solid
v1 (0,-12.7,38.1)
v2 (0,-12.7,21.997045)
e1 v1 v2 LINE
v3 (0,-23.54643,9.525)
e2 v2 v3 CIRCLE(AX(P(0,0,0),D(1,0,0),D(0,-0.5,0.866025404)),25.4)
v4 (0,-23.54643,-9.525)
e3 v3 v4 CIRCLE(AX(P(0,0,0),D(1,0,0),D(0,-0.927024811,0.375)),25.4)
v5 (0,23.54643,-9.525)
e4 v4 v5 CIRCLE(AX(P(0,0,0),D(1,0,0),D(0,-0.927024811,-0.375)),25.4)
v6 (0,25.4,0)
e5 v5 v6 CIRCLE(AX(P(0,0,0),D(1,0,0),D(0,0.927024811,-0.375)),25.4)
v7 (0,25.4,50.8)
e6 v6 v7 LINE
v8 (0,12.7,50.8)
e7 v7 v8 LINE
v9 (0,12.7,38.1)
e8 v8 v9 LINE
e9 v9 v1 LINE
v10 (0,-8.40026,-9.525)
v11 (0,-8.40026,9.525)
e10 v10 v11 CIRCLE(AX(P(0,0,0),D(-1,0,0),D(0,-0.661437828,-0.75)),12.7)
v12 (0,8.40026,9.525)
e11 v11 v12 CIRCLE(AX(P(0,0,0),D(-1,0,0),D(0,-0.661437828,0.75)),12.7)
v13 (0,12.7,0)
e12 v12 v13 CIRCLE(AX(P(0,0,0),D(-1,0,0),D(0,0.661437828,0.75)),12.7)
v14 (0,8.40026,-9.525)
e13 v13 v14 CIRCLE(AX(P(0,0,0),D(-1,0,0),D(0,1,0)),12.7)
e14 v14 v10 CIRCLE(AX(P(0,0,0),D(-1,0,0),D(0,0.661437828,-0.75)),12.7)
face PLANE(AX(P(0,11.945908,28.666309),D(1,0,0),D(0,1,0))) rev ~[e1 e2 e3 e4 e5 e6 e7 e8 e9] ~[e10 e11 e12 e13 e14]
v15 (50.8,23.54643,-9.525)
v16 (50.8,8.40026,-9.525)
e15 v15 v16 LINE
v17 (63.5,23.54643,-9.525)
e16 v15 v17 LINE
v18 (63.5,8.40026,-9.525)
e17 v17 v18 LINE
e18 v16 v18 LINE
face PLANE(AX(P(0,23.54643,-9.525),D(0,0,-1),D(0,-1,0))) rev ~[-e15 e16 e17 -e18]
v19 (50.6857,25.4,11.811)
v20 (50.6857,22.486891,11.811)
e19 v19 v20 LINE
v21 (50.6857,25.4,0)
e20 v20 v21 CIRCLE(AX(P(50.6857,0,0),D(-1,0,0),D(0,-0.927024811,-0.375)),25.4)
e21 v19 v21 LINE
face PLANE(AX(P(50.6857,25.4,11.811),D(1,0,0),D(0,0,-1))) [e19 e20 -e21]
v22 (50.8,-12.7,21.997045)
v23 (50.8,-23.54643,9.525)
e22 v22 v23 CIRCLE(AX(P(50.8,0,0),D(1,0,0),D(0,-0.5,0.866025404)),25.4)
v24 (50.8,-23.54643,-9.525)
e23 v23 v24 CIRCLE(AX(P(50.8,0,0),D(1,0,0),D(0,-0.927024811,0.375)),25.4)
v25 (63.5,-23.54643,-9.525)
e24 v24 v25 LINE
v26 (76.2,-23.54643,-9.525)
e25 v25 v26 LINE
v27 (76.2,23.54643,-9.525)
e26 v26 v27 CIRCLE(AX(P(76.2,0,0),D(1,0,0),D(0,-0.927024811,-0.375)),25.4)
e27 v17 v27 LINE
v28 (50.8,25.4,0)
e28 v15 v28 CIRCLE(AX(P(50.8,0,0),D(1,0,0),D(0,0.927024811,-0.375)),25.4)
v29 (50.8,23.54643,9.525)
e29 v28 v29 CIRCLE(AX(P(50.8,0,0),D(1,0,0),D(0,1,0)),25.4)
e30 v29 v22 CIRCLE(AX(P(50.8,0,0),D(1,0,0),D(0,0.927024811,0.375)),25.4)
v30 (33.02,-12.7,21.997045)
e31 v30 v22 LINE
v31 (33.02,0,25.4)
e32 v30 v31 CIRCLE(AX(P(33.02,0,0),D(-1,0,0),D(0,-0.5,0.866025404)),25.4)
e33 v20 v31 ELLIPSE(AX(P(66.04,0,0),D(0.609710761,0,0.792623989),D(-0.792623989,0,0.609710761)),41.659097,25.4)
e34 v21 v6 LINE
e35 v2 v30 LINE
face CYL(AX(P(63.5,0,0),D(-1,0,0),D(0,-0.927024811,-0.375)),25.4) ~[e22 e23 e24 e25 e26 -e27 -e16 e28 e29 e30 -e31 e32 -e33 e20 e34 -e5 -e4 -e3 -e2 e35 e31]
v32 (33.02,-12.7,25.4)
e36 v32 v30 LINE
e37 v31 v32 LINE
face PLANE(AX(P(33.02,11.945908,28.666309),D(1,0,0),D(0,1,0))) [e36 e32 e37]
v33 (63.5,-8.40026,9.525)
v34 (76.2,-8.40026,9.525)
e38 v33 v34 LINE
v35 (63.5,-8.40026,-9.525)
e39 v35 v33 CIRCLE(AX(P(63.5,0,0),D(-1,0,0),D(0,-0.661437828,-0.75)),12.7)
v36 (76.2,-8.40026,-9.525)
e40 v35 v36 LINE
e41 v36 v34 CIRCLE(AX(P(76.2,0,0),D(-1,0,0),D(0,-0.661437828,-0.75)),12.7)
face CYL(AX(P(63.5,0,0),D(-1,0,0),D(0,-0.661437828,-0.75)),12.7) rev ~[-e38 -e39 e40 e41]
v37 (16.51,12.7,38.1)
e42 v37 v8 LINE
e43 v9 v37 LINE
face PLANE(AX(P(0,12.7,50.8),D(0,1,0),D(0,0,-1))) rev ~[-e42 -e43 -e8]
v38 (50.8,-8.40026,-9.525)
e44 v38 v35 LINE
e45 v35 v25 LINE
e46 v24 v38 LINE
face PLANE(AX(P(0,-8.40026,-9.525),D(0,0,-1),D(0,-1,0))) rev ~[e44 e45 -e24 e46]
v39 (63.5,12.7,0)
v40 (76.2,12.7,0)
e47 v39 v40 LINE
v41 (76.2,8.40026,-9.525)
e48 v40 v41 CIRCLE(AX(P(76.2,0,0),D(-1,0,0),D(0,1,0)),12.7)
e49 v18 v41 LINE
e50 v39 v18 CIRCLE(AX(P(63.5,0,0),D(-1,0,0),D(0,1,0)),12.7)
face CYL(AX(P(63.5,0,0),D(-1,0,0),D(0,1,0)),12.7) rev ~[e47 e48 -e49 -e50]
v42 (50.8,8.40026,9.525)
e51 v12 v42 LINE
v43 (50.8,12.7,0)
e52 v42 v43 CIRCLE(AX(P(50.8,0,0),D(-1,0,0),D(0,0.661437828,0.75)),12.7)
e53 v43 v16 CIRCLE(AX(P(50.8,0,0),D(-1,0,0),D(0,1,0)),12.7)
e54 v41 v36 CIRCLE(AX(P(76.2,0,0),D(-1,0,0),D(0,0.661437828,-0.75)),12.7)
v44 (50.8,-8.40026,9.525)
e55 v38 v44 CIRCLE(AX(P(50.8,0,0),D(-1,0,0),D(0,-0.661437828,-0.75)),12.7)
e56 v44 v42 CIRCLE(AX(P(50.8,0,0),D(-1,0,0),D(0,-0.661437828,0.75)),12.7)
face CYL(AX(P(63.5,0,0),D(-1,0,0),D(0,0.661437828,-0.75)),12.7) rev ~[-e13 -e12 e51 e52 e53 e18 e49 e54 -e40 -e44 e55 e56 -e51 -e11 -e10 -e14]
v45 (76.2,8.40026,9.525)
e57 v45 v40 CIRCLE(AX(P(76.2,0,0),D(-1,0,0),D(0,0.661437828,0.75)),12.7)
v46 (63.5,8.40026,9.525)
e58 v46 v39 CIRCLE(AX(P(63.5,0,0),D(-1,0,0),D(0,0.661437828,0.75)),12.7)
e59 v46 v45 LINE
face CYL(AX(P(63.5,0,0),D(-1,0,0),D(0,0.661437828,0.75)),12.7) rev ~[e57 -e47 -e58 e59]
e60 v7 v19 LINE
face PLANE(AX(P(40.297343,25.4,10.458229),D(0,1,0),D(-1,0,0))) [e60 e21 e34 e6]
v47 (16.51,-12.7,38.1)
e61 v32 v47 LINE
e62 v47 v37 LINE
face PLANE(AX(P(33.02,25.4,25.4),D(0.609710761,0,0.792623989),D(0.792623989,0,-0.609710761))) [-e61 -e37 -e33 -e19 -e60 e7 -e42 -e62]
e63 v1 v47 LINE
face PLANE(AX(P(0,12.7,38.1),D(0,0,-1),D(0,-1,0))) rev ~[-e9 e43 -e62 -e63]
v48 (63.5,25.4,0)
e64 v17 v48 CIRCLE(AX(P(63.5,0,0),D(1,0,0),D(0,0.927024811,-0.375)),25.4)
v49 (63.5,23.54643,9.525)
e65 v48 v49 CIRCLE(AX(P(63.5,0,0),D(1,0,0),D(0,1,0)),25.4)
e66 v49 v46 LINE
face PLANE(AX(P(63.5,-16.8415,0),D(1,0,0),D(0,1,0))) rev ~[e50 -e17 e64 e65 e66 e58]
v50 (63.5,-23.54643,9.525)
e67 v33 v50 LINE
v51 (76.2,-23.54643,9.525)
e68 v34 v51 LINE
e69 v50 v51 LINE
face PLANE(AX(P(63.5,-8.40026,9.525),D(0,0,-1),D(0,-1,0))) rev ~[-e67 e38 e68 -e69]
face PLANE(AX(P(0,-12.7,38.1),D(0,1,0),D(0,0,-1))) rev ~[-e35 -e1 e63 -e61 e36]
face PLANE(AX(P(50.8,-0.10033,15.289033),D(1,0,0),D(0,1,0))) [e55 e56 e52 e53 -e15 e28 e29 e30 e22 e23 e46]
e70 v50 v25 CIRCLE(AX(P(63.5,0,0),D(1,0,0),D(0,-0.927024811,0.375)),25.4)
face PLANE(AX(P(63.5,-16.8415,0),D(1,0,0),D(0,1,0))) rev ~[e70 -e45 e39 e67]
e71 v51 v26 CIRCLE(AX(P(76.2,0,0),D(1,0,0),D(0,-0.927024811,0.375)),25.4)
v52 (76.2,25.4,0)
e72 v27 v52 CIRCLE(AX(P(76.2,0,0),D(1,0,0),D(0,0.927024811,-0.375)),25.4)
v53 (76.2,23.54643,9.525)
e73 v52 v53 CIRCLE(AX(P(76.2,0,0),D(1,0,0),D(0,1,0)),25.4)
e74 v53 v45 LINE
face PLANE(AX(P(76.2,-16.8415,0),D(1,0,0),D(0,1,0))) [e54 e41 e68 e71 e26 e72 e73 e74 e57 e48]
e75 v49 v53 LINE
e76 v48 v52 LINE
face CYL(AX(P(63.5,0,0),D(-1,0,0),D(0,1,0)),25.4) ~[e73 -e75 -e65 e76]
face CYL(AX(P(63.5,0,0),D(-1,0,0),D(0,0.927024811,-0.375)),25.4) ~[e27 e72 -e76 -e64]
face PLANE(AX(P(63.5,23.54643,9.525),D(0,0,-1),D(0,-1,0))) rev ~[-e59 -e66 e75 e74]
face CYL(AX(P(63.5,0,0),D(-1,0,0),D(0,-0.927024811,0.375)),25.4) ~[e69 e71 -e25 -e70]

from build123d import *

# Parameters (mm, degrees)
F1_DEPTH = 50.8
F2_DEPTH = 63.5
F3_DEPTH = 33.02
F5_DEPTH = 50.801
F6_DEPTH = 50.8
F8_DEPTH = 12.7


with BuildPart() as f1:
    # F0 (on Right) → F1 (new body)
    with BuildSketch(Plane.YZ):
        with BuildLine():
            ThreePointArc((-8.4002604126, 9.525), (0, 12.7), (8.4002604126, 9.525))
            Line((8.4002604126, 9.525), (23.5464301965, 9.525))
            ThreePointArc((23.5464301965, 9.525), (8.2643354373, 24.017925801), (-12.7, 21.9970452561))
            ThreePointArc((-12.7, 21.9970452561), (-19.1660873346, 16.6679661712), (-23.5464301965, 9.525))
            Line((-23.5464301965, 9.525), (-8.4002604126, 9.525))
        make_face()
        with BuildLine():
            ThreePointArc((-8.4002604126, -9.525), (-12.7, 0), (-8.4002604126, 9.525))
            Line((-8.4002604126, 9.525), (-23.5464301965, 9.525))
            ThreePointArc((-23.5464301965, 9.525), (-25.4, 0), (-23.5464301965, -9.525))
            Line((-23.5464301965, -9.525), (-8.4002604126, -9.525))
        make_face()
    extrude(amount=F1_DEPTH)

    # F0 (on Right) → F2 (join)
    with BuildSketch(Plane.YZ):
        with BuildLine():
            Line((23.5464301965, -9.525), (8.4002604126, -9.525))
            ThreePointArc((8.4002604126, -9.525), (0, -12.7), (-8.4002604126, -9.525))
            Line((-8.4002604126, -9.525), (-23.5464301965, -9.525))
            ThreePointArc((-23.5464301965, -9.525), (0, -25.4), (23.5464301965, -9.525))
        make_face()
    extrude(amount=F2_DEPTH)

    # F0 (on Right) → F3 (join)
    with BuildSketch(Plane.YZ):
        with BuildLine():
            ThreePointArc((-12.7, 21.9970452561), (8.2643354373, 24.017925801), (23.5464301965, 9.525))
            ThreePointArc((23.5464301965, 9.525), (24.9323016085, 4.8518384664), (25.4, 0))
            Line((25.4, 0), (25.4, 50.8))
            Line((25.4, 50.8), (12.7, 50.8))
            Line((12.7, 50.8), (12.7, 38.1))
            Line((12.7, 38.1), (-12.7, 38.1))
            Line((-12.7, 38.1), (-12.7, 21.9970452561))
        make_face()
    extrude(amount=F3_DEPTH)

    # F4 (on face) → F5 (cut, through all)
    with BuildSketch(Plane(origin=(0, 25.4, 0), x_dir=(-1, 0, 0), z_dir=(0, 1, 0))):
        Polygon((-33.02, 50.8), (-33.02, 25.4), (0, 50.8), align=None)
    extrude(amount=-F5_DEPTH, mode=Mode.SUBTRACT)

    # F0 (on Right) → F6 (join)
    with BuildSketch(Plane.YZ):
        with BuildLine():
            Line((23.5464301965, -9.525), (8.4002604126, -9.525))
            ThreePointArc((8.4002604126, -9.525), (0, -12.7), (-8.4002604126, -9.525))
            Line((-8.4002604126, -9.525), (-23.5464301965, -9.525))
            ThreePointArc((-23.5464301965, -9.525), (0, -25.4), (23.5464301965, -9.525))
        make_face()
        with BuildLine():
            ThreePointArc((-8.4002604126, -9.525), (-12.7, 0), (-8.4002604126, 9.525))
            Line((-8.4002604126, 9.525), (-23.5464301965, 9.525))
            ThreePointArc((-23.5464301965, 9.525), (-25.4, 0), (-23.5464301965, -9.525))
            Line((-23.5464301965, -9.525), (-8.4002604126, -9.525))
        make_face()
        with BuildLine():
            ThreePointArc((8.4002604126, 9.525), (11.5752604126, 5.2252604126), (12.7, 0))
            ThreePointArc((12.7, 0), (11.5752604126, -5.2252604126), (8.4002604126, -9.525))
            Line((8.4002604126, -9.525), (23.5464301965, -9.525))
            ThreePointArc((23.5464301965, -9.525), (24.9323016085, -4.8518384664), (25.4, 0))
            ThreePointArc((25.4, 0), (24.9323016085, 4.8518384664), (23.5464301965, 9.525))
            Line((23.5464301965, 9.525), (8.4002604126, 9.525))
        make_face()
    extrude(amount=F6_DEPTH)

    # F7 (on face) → F8 (join)
    with BuildSketch(Plane.YZ.offset(63.5)):
        with BuildLine():
            Line((-8.4002604126, 9.525), (-23.5464301965, 9.525))
            ThreePointArc((-23.5464301965, 9.525), (-25.4, 0), (-23.5464301965, -9.525))
            Line((-23.5464301965, -9.525), (-8.4002604126, -9.525))
            ThreePointArc((-8.4002604126, -9.525), (-12.7, 0), (-8.4002604126, 9.525))
        make_face()
        with BuildLine():
            ThreePointArc((-23.5464301965, -9.525), (0, -25.4), (23.5464301965, -9.525))
            Line((23.5464301965, -9.525), (8.4002604126, -9.525))
            ThreePointArc((8.4002604126, -9.525), (0, -12.7), (-8.4002604126, -9.525))
            Line((-8.4002604126, -9.525), (-23.5464301965, -9.525))
        make_face()
        with BuildLine():
            ThreePointArc((23.5464301965, -9.525), (24.9323016085, -4.8518384664), (25.4, 0))
            ThreePointArc((25.4, 0), (24.9323016085, 4.8518384664), (23.5464301965, 9.525))
            Line((23.5464301965, 9.525), (8.4002604126, 9.525))
            ThreePointArc((8.4002604126, 9.525), (11.5752604126, 5.2252604126), (12.7, 0))
            ThreePointArc((12.7, 0), (11.5752604126, -5.2252604126), (8.4002604126, -9.525))
            Line((8.4002604126, -9.525), (23.5464301965, -9.525))
        make_face()
    extrude(amount=F8_DEPTH)

    # F9 (on face) → F10 (join, up to the next surface of F1)
    with BuildSketch(Plane(origin=(0, 25.4, 0), x_dir=(-1, 0, 0), z_dir=(0, 1, 0))):
        Polygon((-33.02, 0), (-33.02, 25.4), (-50.6857, 11.811), (-50.6857, 0), align=None)
    extrude(until=Until.NEXT, dir=(0, -1, 0))


solid = f1.part
